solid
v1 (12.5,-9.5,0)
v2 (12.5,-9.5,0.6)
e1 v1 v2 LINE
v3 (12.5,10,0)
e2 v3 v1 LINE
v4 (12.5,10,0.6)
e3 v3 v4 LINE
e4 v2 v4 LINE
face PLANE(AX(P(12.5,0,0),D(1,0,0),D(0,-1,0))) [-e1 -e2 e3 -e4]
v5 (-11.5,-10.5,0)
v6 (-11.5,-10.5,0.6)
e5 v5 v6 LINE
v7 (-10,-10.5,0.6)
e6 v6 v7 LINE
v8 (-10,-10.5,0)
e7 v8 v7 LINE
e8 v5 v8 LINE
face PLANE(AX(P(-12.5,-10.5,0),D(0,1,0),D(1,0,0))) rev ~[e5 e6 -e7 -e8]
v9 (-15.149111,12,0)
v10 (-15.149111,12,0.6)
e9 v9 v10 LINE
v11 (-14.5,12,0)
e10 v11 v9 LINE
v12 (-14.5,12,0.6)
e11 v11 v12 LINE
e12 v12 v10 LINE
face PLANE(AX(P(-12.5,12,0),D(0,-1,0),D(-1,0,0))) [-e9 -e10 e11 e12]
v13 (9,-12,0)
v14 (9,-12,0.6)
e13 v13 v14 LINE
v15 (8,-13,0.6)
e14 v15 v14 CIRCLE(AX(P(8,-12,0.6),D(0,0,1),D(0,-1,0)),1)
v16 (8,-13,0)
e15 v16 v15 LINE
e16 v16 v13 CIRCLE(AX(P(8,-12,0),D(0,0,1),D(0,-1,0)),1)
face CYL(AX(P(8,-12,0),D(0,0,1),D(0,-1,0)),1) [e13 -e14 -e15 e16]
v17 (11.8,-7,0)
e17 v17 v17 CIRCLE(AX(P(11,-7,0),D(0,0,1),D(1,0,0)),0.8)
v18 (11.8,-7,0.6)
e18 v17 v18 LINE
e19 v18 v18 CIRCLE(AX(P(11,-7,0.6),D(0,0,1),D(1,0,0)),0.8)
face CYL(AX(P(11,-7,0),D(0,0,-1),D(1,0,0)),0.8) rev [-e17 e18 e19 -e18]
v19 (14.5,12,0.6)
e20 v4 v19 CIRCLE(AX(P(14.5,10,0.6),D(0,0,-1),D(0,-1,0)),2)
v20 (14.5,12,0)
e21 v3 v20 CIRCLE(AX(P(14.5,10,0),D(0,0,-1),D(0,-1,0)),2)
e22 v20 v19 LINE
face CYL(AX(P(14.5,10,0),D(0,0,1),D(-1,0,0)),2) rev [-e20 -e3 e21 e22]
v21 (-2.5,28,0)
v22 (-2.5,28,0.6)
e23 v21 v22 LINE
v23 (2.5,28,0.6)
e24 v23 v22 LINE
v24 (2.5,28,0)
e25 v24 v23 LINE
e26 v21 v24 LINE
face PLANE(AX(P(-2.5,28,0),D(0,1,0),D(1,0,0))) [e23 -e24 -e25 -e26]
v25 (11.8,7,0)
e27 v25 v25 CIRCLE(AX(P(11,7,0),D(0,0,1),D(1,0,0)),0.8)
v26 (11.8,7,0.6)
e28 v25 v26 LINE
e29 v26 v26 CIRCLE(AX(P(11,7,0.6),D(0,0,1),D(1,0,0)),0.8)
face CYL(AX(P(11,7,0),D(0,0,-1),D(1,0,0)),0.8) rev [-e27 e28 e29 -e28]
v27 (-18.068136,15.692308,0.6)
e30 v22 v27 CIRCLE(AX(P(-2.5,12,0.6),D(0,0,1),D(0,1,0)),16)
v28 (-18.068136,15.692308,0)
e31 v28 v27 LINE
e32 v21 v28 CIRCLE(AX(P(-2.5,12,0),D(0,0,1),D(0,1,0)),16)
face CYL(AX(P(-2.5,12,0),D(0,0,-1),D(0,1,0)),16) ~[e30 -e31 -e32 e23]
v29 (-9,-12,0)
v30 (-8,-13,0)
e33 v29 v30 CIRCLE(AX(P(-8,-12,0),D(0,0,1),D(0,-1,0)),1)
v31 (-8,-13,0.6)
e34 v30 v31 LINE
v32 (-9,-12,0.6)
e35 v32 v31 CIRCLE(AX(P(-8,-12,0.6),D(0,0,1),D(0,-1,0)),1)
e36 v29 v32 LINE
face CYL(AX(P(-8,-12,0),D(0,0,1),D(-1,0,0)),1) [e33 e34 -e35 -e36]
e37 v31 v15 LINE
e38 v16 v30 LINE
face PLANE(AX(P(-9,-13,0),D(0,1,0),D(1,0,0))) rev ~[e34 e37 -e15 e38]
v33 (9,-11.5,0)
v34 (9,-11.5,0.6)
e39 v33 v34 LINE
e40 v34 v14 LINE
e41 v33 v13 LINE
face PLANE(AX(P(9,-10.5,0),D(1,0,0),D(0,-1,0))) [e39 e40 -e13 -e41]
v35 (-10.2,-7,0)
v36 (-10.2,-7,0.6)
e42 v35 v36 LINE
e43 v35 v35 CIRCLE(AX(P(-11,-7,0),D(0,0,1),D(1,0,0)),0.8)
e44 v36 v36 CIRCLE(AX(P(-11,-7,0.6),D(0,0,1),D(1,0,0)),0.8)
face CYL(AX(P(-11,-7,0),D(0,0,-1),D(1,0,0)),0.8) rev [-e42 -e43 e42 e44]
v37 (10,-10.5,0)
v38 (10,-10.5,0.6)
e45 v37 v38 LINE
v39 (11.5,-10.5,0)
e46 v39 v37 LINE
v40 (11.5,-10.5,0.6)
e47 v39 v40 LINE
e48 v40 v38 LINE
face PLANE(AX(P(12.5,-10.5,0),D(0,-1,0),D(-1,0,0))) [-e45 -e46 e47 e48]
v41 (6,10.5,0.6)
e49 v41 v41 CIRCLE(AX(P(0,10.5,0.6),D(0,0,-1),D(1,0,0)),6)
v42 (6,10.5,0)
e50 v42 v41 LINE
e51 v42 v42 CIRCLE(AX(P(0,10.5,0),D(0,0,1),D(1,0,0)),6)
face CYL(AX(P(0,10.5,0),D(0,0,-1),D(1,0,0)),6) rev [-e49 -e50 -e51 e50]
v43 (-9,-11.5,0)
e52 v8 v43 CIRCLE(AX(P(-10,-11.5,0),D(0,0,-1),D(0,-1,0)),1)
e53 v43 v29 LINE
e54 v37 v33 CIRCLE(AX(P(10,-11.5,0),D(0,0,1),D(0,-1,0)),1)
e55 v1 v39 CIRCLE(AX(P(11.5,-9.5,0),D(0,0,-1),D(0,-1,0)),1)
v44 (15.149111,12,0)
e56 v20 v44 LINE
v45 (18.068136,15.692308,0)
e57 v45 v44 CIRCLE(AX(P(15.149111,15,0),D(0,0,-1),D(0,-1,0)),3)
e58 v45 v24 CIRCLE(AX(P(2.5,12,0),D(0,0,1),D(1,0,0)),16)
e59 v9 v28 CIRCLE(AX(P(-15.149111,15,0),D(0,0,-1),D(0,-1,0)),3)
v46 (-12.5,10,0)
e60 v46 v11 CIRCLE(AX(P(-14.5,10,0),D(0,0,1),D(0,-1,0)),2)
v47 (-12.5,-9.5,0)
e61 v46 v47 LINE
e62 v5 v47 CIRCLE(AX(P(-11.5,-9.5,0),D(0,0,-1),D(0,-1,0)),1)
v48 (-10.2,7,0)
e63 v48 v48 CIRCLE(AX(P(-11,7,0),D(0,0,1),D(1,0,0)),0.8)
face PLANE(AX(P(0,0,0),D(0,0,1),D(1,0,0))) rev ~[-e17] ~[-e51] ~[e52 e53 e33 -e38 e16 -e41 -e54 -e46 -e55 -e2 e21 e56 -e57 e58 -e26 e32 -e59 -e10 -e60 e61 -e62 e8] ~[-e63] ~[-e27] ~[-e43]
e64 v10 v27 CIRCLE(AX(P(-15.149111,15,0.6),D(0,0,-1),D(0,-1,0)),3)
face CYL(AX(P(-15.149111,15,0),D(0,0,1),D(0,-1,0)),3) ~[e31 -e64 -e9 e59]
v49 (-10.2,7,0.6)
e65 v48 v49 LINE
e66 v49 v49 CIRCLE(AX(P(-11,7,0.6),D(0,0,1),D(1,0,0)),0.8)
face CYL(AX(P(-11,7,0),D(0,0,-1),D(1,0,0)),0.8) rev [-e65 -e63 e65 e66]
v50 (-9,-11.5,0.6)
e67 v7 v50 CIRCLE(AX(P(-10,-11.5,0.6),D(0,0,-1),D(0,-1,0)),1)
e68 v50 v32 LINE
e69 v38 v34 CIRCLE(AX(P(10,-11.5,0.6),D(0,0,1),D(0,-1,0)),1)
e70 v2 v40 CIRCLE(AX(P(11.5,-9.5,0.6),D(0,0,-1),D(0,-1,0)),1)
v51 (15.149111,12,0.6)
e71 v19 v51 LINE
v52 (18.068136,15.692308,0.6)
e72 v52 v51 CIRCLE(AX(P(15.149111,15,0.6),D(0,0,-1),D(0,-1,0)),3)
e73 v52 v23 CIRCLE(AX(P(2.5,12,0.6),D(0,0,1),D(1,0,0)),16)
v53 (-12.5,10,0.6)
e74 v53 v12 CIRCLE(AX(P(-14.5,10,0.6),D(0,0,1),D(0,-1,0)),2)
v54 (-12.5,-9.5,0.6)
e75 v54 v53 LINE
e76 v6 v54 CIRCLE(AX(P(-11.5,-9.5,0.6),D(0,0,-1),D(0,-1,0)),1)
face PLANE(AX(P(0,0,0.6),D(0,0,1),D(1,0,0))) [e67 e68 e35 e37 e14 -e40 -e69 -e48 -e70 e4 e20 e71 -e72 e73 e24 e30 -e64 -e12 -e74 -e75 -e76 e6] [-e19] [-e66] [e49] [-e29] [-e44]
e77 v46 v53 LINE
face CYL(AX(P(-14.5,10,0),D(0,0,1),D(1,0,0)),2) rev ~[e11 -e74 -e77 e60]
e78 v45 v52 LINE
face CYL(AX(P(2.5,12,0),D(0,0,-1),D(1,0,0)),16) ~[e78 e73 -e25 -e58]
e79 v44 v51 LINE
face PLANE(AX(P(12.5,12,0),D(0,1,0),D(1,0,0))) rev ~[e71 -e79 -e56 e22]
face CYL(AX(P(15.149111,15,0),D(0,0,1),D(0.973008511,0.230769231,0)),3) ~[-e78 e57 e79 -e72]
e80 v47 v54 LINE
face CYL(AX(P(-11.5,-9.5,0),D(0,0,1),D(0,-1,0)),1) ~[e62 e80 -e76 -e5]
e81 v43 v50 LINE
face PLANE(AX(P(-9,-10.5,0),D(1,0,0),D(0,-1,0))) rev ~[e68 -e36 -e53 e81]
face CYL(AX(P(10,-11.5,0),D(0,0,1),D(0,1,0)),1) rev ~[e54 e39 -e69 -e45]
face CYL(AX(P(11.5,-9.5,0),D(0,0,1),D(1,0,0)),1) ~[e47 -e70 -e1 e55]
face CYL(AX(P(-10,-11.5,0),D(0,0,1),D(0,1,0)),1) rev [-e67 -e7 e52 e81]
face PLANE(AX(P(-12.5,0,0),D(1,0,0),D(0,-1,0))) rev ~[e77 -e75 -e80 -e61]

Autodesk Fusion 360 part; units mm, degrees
sketch "スケッチ1" plane through (0, 0, 0) normal (0, 0, 1) x (1, 0, 0)
  line L0 (0, 0) -> (-12.5, 0)
  line L1 (-12.5, 0) -> (-12.5, 12)
  line L2 (-12.5, 12) -> (0, 12)
  line L3 (0, 12) -> (0, 0)
  line L4 (0, 0) -> (12.5, 0)
  line L5 (12.5, 0) -> (12.5, 12)
  line L6 (12.5, 12) -> (0, 12)
  line L7 (0, 12) -> (0, 0)
  line L8 (0, 0) -> (-12.5, 0)
  line L9 (-12.5, 0) -> (-12.5, -10.5)
  line L10 (-12.5, -10.5) -> (0, -10.5)
  line L11 (0, -10.5) -> (0, 0)
  line L12 (0, 0) -> (12.5, 0)
  line L13 (12.5, 0) -> (12.5, -10.5)
  line L14 (12.5, -10.5) -> (0, -10.5)
  line L15 (0, -10.5) -> (0, 0)
  line L16 (0, -10.5) -> (-9, -10.5)
  line L17 (-9, -10.5) -> (-9, -13)
  line L18 (-9, -13) -> (0, -13)
  line L19 (0, -13) -> (0, -10.5)
  line L20 (0, -10.5) -> (9, -10.5)
  line L21 (9, -10.5) -> (9, -13)
  line L22 (9, -13) -> (0, -13)
  line L23 (0, -13) -> (0, -10.5)
  line L24 (-12.5, 12) -> (-18.5, 12)
  line L25 (12.5, 12) -> (18.5, 12)
  arc A0 (-2.5, 28) -> (-18.5, 12) centre (-2.5, 12) ccw
  arc A1 (18.5, 12) -> (2.5, 28) centre (2.5, 12) ccw
  line L26 (-2.5, 28) -> (2.5, 28)
  circle A2 centre (-11, 7) radius 0.8
  circle A3 centre (-11, -7) radius 0.8
  circle A4 centre (11, -7) radius 0.8
  circle A5 centre (11, 7) radius 0.8
  circle A6 centre (0, 10.5) radius 6
  line L27 (0, 12) -> (0, 28)
  dimension "d1" = 6
  dimension "d2" = 12.5
  dimension "d3" = 12
  dimension "d4" = 28
  dimension "d5" = 1.6
  dimension "d6" = 7
  dimension "d7" = 3.5
  dimension "d8" = 3.5
  dimension "d9" = 2.5
  dimension "d10" = 12
  dimension "d11" = 10.5
  dimension "d17" = 22
extrude "押し出し1" add sketch "スケッチ1" along normal blind 0.6 contours L0 L8 L9 L10 L11 L15 L16 | L0 L1 L2 L3 L7 L8 A6 | L3 L4 L5 L6 L7 L12 A6 | L4 L11 L12 L13 L14 L15 L20 | L10 L16 L17 L18 L19 L23 | L14 L19 L20 L21 L22 L23 | L2 L24 A0 L26 A6 L27 | L6 L25 A1 L26 A6 L27
fillet "フィレット1" radius 3 2 edges at (-18.5, 12, 0.3) (18.5, 12, 0.3)
fillet "フィレット1" radius 2 2 edges at (-12.5, 12, 0.3) (12.5, 12, 0.3)
fillet "フィレット1" radius 1 6 edges at (-12.5, -10.5, 0.3) (-9, -10.5, 0.3) (-9, -13, 0.3) (9, -13, 0.3) (9, -10.5, 0.3) (12.5, -10.5, 0.3)
